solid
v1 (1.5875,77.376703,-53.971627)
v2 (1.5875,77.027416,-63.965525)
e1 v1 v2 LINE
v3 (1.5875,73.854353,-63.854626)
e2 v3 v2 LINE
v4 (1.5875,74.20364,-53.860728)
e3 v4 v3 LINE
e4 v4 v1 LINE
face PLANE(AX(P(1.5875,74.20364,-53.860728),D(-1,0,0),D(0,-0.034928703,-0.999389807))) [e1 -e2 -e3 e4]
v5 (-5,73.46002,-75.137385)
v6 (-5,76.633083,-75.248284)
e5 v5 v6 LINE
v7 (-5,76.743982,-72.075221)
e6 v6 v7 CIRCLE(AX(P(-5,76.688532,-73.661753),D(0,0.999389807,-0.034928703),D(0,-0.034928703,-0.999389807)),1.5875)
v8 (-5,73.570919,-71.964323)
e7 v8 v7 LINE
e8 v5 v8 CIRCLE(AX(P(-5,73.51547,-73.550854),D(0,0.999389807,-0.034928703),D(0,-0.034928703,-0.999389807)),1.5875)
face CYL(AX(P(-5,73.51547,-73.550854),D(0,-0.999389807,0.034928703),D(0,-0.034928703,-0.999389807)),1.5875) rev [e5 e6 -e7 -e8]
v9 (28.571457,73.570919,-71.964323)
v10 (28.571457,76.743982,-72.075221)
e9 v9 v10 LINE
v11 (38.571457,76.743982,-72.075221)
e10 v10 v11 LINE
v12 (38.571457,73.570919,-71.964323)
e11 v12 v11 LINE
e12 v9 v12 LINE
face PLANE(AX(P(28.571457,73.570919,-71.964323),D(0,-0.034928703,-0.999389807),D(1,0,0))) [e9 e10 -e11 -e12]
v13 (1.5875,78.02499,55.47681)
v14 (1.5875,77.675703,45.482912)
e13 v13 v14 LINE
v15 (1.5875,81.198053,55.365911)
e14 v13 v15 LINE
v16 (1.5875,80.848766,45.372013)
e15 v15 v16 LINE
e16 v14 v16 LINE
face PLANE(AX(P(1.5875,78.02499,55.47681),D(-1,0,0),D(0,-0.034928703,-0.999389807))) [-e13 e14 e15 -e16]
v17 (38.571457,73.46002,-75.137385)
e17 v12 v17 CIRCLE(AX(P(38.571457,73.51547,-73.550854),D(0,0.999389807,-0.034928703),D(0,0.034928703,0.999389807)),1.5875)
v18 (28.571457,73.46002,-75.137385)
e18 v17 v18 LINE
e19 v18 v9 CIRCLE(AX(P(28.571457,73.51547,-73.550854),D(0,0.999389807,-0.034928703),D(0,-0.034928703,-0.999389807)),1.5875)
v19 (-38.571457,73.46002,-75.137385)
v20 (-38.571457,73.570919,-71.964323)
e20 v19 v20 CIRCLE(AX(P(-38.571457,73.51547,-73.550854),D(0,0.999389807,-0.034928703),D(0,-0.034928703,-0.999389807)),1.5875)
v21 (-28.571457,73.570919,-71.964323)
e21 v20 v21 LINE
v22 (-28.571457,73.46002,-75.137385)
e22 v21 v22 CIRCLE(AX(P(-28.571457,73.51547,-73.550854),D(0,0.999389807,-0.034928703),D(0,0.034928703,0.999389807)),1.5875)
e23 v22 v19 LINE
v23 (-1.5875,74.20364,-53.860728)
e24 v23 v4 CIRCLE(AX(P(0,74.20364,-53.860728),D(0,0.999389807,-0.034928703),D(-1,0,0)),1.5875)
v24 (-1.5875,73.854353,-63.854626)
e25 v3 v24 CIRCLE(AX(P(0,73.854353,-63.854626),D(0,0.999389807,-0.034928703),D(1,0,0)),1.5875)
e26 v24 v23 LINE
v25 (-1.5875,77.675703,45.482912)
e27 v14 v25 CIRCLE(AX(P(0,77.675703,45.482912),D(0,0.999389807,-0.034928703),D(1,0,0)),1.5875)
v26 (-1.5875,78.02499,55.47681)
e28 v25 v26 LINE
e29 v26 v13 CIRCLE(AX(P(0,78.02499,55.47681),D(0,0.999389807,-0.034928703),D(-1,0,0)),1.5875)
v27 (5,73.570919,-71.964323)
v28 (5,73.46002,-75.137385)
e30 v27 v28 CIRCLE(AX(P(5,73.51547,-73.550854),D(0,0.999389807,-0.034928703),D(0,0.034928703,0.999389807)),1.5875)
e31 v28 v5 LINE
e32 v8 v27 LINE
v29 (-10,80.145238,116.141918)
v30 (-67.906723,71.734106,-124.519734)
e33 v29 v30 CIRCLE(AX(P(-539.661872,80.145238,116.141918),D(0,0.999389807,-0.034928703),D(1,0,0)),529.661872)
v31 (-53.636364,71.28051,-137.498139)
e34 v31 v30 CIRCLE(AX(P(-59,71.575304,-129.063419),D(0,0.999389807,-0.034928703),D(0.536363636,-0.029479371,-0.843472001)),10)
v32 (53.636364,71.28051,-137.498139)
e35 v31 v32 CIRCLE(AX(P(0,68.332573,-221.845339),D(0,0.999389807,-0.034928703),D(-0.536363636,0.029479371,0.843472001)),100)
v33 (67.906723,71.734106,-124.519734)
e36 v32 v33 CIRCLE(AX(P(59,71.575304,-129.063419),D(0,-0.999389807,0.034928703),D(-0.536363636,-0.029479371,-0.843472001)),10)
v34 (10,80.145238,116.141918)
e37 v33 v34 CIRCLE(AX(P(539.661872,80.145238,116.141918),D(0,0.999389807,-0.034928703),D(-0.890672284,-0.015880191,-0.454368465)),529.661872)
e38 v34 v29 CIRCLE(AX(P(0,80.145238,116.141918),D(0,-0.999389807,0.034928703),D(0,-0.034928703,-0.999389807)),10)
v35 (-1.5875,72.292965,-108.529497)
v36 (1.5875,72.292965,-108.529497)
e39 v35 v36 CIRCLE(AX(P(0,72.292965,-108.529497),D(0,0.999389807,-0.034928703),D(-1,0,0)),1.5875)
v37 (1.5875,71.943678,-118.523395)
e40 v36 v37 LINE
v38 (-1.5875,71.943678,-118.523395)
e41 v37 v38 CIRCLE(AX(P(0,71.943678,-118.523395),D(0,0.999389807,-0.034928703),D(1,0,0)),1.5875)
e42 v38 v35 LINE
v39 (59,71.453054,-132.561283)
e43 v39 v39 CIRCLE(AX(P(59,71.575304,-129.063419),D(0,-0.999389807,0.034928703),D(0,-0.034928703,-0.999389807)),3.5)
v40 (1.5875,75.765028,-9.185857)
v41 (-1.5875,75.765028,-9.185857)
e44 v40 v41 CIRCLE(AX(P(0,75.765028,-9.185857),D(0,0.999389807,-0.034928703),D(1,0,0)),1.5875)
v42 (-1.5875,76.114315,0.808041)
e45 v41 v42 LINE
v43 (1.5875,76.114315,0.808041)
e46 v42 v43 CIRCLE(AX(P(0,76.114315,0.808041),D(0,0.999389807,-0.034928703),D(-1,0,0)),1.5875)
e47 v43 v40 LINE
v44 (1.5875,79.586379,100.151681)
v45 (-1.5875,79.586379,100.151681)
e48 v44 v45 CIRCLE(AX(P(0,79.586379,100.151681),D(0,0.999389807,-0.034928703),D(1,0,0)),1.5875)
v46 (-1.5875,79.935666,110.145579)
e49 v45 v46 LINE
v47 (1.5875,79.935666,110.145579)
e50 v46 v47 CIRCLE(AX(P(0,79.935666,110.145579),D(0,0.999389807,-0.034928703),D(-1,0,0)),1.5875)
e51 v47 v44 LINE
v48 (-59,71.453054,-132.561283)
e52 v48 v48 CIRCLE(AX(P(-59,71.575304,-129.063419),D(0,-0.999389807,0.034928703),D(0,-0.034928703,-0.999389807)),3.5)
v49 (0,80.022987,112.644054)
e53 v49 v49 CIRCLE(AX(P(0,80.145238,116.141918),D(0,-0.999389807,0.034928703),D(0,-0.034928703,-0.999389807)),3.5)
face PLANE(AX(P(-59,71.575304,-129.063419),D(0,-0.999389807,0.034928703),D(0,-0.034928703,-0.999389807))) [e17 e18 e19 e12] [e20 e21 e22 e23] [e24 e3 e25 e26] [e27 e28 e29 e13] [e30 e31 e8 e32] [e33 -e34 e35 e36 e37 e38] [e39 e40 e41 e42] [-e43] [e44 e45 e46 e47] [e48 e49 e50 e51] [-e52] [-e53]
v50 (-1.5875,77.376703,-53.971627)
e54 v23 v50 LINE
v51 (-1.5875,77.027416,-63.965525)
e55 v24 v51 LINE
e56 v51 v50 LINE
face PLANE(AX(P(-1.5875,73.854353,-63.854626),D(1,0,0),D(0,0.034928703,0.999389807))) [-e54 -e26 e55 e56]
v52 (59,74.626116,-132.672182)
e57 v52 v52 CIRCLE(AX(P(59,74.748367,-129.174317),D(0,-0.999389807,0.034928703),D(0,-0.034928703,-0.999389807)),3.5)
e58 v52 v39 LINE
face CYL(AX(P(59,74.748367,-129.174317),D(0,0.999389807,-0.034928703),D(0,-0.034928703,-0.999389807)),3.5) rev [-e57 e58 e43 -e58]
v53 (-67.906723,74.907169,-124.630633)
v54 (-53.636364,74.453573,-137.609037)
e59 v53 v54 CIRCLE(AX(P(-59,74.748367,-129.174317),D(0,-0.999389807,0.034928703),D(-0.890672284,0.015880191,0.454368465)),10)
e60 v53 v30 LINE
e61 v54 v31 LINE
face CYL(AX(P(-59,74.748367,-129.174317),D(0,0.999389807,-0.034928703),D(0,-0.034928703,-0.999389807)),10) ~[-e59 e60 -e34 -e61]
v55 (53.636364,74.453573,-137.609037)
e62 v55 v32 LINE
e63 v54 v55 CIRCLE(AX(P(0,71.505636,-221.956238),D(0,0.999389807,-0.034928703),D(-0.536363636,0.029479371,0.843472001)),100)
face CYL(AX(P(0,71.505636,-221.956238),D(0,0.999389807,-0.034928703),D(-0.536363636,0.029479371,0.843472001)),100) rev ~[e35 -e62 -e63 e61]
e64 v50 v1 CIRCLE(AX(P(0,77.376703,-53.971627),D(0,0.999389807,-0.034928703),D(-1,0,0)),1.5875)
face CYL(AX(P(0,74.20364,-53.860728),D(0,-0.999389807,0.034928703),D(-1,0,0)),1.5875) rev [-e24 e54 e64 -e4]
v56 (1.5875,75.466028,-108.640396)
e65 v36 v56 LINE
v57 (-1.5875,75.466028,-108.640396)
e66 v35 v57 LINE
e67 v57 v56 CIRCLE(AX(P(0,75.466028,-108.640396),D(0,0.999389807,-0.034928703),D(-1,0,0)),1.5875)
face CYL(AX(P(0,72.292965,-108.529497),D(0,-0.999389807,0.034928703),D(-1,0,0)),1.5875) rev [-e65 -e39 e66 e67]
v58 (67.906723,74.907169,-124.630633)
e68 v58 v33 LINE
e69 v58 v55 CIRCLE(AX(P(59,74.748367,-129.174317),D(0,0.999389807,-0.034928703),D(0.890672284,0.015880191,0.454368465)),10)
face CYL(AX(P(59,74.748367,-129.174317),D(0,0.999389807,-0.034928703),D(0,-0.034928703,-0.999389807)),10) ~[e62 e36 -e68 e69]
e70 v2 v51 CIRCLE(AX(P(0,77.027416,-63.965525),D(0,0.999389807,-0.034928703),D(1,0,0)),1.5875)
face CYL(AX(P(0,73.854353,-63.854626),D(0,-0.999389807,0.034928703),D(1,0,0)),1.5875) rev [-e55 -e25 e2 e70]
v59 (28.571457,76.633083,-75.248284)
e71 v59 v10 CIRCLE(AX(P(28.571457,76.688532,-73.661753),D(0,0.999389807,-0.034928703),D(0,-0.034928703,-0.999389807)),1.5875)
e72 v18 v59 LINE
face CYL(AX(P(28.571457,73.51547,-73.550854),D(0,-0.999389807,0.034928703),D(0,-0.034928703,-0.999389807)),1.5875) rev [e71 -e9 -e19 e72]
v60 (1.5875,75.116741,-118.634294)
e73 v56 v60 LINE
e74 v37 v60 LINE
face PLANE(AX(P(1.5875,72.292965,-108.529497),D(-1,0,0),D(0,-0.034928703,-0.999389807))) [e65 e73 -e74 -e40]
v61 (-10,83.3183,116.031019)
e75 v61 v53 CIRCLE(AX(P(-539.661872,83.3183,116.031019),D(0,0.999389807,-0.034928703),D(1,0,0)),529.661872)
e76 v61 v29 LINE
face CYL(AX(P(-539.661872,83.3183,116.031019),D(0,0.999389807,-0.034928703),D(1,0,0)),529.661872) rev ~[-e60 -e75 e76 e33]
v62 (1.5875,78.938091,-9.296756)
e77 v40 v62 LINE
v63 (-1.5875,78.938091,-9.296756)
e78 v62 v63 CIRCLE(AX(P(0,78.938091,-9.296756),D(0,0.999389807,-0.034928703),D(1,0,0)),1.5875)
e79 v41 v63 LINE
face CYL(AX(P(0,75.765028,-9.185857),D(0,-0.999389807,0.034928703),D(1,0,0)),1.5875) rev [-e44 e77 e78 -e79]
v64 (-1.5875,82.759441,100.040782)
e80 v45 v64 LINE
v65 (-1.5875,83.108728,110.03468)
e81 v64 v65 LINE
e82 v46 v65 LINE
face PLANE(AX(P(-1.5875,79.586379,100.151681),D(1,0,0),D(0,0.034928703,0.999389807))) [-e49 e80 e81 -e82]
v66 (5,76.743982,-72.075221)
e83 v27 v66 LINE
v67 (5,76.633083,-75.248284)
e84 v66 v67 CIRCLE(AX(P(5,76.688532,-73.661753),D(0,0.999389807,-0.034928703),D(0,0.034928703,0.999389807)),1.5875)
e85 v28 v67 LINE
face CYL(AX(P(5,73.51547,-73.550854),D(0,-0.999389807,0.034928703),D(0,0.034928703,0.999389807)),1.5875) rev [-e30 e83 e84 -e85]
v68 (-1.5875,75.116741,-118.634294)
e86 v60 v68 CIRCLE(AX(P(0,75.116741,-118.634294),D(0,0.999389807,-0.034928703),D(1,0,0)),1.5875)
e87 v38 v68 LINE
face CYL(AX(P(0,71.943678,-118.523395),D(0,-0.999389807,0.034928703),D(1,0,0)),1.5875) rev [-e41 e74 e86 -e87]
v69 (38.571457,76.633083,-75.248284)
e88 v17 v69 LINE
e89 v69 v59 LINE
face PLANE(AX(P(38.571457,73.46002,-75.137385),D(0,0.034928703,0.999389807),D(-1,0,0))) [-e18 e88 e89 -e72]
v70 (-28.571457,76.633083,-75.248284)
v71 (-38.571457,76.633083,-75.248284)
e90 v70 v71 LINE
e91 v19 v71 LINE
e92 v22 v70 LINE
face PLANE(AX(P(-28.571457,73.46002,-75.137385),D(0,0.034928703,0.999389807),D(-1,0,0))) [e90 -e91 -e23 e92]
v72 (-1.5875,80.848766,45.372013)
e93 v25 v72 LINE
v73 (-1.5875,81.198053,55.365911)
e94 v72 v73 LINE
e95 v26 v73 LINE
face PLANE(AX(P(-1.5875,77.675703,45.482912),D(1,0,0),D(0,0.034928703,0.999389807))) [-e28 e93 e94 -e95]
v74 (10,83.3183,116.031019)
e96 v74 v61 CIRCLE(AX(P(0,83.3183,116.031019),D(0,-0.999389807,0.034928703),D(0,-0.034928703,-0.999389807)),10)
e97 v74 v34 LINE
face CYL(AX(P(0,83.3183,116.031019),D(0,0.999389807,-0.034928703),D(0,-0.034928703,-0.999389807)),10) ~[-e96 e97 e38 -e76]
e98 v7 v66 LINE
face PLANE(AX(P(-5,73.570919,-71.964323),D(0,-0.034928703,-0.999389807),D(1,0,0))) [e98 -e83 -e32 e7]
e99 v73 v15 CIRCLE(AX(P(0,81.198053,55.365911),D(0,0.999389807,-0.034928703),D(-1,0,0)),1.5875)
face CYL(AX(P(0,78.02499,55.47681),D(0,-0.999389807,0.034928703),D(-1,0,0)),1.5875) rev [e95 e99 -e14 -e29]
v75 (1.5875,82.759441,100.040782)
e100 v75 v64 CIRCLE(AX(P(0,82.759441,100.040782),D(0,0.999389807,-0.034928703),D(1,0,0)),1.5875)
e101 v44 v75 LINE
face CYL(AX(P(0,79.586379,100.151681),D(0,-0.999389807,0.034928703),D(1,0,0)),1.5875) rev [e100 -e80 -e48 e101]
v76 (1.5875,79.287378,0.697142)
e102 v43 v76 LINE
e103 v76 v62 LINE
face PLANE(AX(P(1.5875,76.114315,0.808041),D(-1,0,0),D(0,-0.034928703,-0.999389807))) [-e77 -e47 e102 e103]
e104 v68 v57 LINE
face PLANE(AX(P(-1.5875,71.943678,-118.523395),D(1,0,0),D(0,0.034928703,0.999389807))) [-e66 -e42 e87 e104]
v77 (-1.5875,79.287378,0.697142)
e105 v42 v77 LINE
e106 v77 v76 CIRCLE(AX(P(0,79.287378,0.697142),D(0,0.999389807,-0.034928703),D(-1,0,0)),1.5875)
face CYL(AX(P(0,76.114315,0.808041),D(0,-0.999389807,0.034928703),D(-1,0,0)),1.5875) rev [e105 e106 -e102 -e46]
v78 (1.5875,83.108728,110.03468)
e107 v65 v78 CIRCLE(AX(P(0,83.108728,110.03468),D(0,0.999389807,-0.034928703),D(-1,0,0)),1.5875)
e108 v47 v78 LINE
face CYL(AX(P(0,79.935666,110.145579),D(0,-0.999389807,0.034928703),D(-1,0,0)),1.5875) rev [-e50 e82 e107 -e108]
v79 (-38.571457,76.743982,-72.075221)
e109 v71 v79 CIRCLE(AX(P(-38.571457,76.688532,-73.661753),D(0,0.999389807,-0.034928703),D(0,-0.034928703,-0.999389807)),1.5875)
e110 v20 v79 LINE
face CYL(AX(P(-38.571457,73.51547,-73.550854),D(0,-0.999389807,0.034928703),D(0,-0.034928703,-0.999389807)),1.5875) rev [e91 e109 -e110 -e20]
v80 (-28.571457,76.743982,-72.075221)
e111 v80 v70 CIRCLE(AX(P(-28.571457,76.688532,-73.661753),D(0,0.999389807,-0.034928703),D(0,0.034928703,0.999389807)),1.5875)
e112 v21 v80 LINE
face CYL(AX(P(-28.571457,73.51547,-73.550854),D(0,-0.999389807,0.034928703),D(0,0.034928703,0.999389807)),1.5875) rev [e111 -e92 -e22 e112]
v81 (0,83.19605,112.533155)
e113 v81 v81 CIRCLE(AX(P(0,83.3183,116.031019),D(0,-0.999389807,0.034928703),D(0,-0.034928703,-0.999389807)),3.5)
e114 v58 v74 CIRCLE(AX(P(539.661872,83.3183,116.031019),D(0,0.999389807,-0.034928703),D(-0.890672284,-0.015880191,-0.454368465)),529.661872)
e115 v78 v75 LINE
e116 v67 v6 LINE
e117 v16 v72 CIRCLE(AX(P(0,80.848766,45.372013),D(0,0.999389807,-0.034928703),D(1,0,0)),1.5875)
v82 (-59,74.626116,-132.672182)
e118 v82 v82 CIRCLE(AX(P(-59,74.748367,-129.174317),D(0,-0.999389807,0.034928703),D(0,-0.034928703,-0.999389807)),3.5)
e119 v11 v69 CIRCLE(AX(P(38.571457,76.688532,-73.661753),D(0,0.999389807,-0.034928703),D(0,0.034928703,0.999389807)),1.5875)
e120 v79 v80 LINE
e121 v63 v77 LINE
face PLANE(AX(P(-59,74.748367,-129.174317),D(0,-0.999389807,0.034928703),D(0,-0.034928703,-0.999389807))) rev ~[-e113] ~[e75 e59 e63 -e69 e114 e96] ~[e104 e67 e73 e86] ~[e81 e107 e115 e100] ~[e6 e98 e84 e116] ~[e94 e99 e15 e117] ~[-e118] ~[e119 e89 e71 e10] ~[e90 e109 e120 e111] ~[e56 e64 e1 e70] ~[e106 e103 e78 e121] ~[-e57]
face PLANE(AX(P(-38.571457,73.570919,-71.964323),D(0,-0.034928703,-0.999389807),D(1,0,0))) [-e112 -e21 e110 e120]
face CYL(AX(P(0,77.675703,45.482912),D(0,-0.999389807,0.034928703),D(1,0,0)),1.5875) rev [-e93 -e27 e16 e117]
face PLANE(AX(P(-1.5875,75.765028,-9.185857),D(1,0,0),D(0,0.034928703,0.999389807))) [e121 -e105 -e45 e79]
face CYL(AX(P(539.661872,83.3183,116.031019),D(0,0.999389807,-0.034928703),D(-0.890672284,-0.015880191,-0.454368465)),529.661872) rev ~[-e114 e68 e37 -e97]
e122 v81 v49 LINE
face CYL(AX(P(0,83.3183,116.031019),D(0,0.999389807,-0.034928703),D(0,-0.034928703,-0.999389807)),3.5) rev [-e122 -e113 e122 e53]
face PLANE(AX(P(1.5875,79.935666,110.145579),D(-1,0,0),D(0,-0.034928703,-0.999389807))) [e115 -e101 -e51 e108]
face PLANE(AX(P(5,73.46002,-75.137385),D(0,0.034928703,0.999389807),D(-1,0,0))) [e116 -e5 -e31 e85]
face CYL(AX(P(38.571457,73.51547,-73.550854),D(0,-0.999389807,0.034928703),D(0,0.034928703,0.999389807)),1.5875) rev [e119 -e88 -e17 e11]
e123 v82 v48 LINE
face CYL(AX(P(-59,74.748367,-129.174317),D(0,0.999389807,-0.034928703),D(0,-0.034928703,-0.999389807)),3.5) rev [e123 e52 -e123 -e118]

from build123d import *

# Parameters (mm, degrees)
SKETCH1_R           = 10
SKETCH1_R_2         = 3.499999985
SKETCH1_R_3         = 3.5
BOSS_EXTRUDE1_DEPTH = 3.175
CUT_EXTRUDE1_DEPTH  = 3.175


with BuildPart() as part:
    # Sketch1 → Boss-Extrude1 (new body)
    # profile 1 of 4: a face of its own
    with BuildSketch(Plane(origin=(0, 79.166310833, -2.766864901), x_dir=(0, -0.03492870325036397, -0.9993898066766781), z_dir=(0, -0.9993898066766781, 0.03492870325036397))):
        with BuildLine():
            ThreePointArc((-118.870418158, 10), (-111.799350346, 7.071067812), (-108.870418158, 0))
            ThreePointArc((-108.870418158, 0), (-111.799350346, -7.071067812), (-118.870418158, -10))
            ThreePointArc((-118.870418158, -10), (4.966133868, -24.680117915), (121.938173717, -67.906722838))
            ThreePointArc((121.938173717, -67.906722838), (119.088657305, -52.269505992), (134.924502551, -53.636363636))
            ThreePointArc((134.924502551, -53.636363636), (119.323202161, 0), (134.924502551, 53.636363636))
            ThreePointArc((134.924502551, 53.636363636), (119.088657305, 52.269505992), (121.938173717, 67.906722838))
            ThreePointArc((121.938173717, 67.906722838), (4.966133868, 24.680117915), (-118.870418158, 10))
        make_face()
    # profile 2 of 4: a face of its own
    with BuildSketch(Plane(origin=(0, 79.166310833, -2.766864901), x_dir=(0, -0.03492870325036397, -0.9993898066766781), z_dir=(0, -0.9993898066766781, 0.03492870325036397))):
        with Locations((-118.870418158, 0)):
            Circle(SKETCH1_R)
        with Locations((-118.870418158, 0)):
            Circle(SKETCH1_R_2, mode=Mode.SUBTRACT)
    # profile 3 of 4: a face of its own
    with BuildSketch(Plane(origin=(0, 79.166310833, -2.766864901), x_dir=(0, -0.03492870325036397, -0.9993898066766781), z_dir=(0, -0.9993898066766781, 0.03492870325036397))):
        with Locations((126.48463259, 59)):
            Circle(SKETCH1_R)
        with Locations((126.48463259, 59)):
            Circle(SKETCH1_R_3, mode=Mode.SUBTRACT)
    # profile 4 of 4: a face of its own
    with BuildSketch(Plane(origin=(0, 79.166310833, -2.766864901), x_dir=(0, -0.03492870325036397, -0.9993898066766781), z_dir=(0, -0.9993898066766781, 0.03492870325036397))):
        with Locations((126.48463259, -59)):
            Circle(SKETCH1_R)
        with Locations((126.48463259, -59)):
            Circle(SKETCH1_R_3, mode=Mode.SUBTRACT)
    extrude(amount=BOSS_EXTRUDE1_DEPTH)

    # Sketch2 → Cut-Extrude1 (cut)
    with BuildSketch(Plane(origin=(0, 75.993248196, -2.655966268), x_dir=(1, 0, 0), z_dir=(0, -0.9993898066766781, 0.034928703250363964))):
        with BuildLine():
            Line((1.5875, 112.870418158), (1.5875, 102.870418158))
            ThreePointArc((1.5875, 102.870418158), (0, 101.282918158), (-1.5875, 102.870418158))
            Line((-1.5875, 102.870418158), (-1.5875, 112.870418158))
            ThreePointArc((-1.5875, 112.870418158), (0, 114.457918158), (1.5875, 112.870418158))
        make_face()
        with BuildLine():
            Line((1.5875, -105.938173717), (1.5875, -115.938173717))
            ThreePointArc((1.5875, -115.938173717), (0, -117.525673717), (-1.5875, -115.938173717))
            Line((-1.5875, -115.938173717), (-1.5875, -105.938173717))
            ThreePointArc((-1.5875, -105.938173717), (0, -104.350673717), (1.5875, -105.938173717))
        make_face()
        with BuildLine():
            Line((1.5875, 58.168270189), (1.5875, 48.168270189))
            ThreePointArc((1.5875, 48.168270189), (0, 46.580770189), (-1.5875, 48.168270189))
            Line((-1.5875, 48.168270189), (-1.5875, 58.168270189))
            ThreePointArc((-1.5875, 58.168270189), (0, 59.755770189), (1.5875, 58.168270189))
        make_face()
        with BuildLine():
            Line((1.5875, 3.46612222), (1.5875, -6.53387778))
            ThreePointArc((1.5875, -6.53387778), (0, -8.12137778), (-1.5875, -6.53387778))
            Line((-1.5875, -6.53387778), (-1.5875, 3.46612222))
            ThreePointArc((-1.5875, 3.46612222), (0, 5.05362222), (1.5875, 3.46612222))
        make_face()
        with BuildLine():
            Line((1.5875, -51.236025749), (1.5875, -61.236025749))
            ThreePointArc((1.5875, -61.236025749), (0, -62.823525749), (-1.5875, -61.236025749))
            Line((-1.5875, -61.236025749), (-1.5875, -51.236025749))
            ThreePointArc((-1.5875, -51.236025749), (0, -49.648525749), (1.5875, -51.236025749))
        make_face()
        with BuildLine():
            Line((38.57145678, -72.525673717), (28.57145678, -72.525673717))
            ThreePointArc((28.57145678, -72.525673717), (26.98395678, -70.938173717), (28.57145678, -69.350673717))
            Line((28.57145678, -69.350673717), (38.57145678, -69.350673717))
            ThreePointArc((38.57145678, -69.350673717), (40.15895678, -70.938173717), (38.57145678, -72.525673717))
        make_face()
        with BuildLine():
            Line((5, -72.525673717), (-5, -72.525673717))
            ThreePointArc((-5, -72.525673717), (-6.5875, -70.938173717), (-5, -69.350673717))
            Line((-5, -69.350673717), (5, -69.350673717))
            ThreePointArc((5, -69.350673717), (6.5875, -70.938173717), (5, -72.525673717))
        make_face()
        with BuildLine():
            Line((-28.57145678, -72.525673717), (-38.57145678, -72.525673717))
            ThreePointArc((-38.57145678, -72.525673717), (-40.15895678, -70.938173717), (-38.57145678, -69.350673717))
            Line((-38.57145678, -69.350673717), (-28.57145678, -69.350673717))
            ThreePointArc((-28.57145678, -69.350673717), (-26.98395678, -70.938173717), (-28.57145678, -72.525673717))
        make_face()
    extrude(amount=-CUT_EXTRUDE1_DEPTH, mode=Mode.SUBTRACT)


solid = part.part
